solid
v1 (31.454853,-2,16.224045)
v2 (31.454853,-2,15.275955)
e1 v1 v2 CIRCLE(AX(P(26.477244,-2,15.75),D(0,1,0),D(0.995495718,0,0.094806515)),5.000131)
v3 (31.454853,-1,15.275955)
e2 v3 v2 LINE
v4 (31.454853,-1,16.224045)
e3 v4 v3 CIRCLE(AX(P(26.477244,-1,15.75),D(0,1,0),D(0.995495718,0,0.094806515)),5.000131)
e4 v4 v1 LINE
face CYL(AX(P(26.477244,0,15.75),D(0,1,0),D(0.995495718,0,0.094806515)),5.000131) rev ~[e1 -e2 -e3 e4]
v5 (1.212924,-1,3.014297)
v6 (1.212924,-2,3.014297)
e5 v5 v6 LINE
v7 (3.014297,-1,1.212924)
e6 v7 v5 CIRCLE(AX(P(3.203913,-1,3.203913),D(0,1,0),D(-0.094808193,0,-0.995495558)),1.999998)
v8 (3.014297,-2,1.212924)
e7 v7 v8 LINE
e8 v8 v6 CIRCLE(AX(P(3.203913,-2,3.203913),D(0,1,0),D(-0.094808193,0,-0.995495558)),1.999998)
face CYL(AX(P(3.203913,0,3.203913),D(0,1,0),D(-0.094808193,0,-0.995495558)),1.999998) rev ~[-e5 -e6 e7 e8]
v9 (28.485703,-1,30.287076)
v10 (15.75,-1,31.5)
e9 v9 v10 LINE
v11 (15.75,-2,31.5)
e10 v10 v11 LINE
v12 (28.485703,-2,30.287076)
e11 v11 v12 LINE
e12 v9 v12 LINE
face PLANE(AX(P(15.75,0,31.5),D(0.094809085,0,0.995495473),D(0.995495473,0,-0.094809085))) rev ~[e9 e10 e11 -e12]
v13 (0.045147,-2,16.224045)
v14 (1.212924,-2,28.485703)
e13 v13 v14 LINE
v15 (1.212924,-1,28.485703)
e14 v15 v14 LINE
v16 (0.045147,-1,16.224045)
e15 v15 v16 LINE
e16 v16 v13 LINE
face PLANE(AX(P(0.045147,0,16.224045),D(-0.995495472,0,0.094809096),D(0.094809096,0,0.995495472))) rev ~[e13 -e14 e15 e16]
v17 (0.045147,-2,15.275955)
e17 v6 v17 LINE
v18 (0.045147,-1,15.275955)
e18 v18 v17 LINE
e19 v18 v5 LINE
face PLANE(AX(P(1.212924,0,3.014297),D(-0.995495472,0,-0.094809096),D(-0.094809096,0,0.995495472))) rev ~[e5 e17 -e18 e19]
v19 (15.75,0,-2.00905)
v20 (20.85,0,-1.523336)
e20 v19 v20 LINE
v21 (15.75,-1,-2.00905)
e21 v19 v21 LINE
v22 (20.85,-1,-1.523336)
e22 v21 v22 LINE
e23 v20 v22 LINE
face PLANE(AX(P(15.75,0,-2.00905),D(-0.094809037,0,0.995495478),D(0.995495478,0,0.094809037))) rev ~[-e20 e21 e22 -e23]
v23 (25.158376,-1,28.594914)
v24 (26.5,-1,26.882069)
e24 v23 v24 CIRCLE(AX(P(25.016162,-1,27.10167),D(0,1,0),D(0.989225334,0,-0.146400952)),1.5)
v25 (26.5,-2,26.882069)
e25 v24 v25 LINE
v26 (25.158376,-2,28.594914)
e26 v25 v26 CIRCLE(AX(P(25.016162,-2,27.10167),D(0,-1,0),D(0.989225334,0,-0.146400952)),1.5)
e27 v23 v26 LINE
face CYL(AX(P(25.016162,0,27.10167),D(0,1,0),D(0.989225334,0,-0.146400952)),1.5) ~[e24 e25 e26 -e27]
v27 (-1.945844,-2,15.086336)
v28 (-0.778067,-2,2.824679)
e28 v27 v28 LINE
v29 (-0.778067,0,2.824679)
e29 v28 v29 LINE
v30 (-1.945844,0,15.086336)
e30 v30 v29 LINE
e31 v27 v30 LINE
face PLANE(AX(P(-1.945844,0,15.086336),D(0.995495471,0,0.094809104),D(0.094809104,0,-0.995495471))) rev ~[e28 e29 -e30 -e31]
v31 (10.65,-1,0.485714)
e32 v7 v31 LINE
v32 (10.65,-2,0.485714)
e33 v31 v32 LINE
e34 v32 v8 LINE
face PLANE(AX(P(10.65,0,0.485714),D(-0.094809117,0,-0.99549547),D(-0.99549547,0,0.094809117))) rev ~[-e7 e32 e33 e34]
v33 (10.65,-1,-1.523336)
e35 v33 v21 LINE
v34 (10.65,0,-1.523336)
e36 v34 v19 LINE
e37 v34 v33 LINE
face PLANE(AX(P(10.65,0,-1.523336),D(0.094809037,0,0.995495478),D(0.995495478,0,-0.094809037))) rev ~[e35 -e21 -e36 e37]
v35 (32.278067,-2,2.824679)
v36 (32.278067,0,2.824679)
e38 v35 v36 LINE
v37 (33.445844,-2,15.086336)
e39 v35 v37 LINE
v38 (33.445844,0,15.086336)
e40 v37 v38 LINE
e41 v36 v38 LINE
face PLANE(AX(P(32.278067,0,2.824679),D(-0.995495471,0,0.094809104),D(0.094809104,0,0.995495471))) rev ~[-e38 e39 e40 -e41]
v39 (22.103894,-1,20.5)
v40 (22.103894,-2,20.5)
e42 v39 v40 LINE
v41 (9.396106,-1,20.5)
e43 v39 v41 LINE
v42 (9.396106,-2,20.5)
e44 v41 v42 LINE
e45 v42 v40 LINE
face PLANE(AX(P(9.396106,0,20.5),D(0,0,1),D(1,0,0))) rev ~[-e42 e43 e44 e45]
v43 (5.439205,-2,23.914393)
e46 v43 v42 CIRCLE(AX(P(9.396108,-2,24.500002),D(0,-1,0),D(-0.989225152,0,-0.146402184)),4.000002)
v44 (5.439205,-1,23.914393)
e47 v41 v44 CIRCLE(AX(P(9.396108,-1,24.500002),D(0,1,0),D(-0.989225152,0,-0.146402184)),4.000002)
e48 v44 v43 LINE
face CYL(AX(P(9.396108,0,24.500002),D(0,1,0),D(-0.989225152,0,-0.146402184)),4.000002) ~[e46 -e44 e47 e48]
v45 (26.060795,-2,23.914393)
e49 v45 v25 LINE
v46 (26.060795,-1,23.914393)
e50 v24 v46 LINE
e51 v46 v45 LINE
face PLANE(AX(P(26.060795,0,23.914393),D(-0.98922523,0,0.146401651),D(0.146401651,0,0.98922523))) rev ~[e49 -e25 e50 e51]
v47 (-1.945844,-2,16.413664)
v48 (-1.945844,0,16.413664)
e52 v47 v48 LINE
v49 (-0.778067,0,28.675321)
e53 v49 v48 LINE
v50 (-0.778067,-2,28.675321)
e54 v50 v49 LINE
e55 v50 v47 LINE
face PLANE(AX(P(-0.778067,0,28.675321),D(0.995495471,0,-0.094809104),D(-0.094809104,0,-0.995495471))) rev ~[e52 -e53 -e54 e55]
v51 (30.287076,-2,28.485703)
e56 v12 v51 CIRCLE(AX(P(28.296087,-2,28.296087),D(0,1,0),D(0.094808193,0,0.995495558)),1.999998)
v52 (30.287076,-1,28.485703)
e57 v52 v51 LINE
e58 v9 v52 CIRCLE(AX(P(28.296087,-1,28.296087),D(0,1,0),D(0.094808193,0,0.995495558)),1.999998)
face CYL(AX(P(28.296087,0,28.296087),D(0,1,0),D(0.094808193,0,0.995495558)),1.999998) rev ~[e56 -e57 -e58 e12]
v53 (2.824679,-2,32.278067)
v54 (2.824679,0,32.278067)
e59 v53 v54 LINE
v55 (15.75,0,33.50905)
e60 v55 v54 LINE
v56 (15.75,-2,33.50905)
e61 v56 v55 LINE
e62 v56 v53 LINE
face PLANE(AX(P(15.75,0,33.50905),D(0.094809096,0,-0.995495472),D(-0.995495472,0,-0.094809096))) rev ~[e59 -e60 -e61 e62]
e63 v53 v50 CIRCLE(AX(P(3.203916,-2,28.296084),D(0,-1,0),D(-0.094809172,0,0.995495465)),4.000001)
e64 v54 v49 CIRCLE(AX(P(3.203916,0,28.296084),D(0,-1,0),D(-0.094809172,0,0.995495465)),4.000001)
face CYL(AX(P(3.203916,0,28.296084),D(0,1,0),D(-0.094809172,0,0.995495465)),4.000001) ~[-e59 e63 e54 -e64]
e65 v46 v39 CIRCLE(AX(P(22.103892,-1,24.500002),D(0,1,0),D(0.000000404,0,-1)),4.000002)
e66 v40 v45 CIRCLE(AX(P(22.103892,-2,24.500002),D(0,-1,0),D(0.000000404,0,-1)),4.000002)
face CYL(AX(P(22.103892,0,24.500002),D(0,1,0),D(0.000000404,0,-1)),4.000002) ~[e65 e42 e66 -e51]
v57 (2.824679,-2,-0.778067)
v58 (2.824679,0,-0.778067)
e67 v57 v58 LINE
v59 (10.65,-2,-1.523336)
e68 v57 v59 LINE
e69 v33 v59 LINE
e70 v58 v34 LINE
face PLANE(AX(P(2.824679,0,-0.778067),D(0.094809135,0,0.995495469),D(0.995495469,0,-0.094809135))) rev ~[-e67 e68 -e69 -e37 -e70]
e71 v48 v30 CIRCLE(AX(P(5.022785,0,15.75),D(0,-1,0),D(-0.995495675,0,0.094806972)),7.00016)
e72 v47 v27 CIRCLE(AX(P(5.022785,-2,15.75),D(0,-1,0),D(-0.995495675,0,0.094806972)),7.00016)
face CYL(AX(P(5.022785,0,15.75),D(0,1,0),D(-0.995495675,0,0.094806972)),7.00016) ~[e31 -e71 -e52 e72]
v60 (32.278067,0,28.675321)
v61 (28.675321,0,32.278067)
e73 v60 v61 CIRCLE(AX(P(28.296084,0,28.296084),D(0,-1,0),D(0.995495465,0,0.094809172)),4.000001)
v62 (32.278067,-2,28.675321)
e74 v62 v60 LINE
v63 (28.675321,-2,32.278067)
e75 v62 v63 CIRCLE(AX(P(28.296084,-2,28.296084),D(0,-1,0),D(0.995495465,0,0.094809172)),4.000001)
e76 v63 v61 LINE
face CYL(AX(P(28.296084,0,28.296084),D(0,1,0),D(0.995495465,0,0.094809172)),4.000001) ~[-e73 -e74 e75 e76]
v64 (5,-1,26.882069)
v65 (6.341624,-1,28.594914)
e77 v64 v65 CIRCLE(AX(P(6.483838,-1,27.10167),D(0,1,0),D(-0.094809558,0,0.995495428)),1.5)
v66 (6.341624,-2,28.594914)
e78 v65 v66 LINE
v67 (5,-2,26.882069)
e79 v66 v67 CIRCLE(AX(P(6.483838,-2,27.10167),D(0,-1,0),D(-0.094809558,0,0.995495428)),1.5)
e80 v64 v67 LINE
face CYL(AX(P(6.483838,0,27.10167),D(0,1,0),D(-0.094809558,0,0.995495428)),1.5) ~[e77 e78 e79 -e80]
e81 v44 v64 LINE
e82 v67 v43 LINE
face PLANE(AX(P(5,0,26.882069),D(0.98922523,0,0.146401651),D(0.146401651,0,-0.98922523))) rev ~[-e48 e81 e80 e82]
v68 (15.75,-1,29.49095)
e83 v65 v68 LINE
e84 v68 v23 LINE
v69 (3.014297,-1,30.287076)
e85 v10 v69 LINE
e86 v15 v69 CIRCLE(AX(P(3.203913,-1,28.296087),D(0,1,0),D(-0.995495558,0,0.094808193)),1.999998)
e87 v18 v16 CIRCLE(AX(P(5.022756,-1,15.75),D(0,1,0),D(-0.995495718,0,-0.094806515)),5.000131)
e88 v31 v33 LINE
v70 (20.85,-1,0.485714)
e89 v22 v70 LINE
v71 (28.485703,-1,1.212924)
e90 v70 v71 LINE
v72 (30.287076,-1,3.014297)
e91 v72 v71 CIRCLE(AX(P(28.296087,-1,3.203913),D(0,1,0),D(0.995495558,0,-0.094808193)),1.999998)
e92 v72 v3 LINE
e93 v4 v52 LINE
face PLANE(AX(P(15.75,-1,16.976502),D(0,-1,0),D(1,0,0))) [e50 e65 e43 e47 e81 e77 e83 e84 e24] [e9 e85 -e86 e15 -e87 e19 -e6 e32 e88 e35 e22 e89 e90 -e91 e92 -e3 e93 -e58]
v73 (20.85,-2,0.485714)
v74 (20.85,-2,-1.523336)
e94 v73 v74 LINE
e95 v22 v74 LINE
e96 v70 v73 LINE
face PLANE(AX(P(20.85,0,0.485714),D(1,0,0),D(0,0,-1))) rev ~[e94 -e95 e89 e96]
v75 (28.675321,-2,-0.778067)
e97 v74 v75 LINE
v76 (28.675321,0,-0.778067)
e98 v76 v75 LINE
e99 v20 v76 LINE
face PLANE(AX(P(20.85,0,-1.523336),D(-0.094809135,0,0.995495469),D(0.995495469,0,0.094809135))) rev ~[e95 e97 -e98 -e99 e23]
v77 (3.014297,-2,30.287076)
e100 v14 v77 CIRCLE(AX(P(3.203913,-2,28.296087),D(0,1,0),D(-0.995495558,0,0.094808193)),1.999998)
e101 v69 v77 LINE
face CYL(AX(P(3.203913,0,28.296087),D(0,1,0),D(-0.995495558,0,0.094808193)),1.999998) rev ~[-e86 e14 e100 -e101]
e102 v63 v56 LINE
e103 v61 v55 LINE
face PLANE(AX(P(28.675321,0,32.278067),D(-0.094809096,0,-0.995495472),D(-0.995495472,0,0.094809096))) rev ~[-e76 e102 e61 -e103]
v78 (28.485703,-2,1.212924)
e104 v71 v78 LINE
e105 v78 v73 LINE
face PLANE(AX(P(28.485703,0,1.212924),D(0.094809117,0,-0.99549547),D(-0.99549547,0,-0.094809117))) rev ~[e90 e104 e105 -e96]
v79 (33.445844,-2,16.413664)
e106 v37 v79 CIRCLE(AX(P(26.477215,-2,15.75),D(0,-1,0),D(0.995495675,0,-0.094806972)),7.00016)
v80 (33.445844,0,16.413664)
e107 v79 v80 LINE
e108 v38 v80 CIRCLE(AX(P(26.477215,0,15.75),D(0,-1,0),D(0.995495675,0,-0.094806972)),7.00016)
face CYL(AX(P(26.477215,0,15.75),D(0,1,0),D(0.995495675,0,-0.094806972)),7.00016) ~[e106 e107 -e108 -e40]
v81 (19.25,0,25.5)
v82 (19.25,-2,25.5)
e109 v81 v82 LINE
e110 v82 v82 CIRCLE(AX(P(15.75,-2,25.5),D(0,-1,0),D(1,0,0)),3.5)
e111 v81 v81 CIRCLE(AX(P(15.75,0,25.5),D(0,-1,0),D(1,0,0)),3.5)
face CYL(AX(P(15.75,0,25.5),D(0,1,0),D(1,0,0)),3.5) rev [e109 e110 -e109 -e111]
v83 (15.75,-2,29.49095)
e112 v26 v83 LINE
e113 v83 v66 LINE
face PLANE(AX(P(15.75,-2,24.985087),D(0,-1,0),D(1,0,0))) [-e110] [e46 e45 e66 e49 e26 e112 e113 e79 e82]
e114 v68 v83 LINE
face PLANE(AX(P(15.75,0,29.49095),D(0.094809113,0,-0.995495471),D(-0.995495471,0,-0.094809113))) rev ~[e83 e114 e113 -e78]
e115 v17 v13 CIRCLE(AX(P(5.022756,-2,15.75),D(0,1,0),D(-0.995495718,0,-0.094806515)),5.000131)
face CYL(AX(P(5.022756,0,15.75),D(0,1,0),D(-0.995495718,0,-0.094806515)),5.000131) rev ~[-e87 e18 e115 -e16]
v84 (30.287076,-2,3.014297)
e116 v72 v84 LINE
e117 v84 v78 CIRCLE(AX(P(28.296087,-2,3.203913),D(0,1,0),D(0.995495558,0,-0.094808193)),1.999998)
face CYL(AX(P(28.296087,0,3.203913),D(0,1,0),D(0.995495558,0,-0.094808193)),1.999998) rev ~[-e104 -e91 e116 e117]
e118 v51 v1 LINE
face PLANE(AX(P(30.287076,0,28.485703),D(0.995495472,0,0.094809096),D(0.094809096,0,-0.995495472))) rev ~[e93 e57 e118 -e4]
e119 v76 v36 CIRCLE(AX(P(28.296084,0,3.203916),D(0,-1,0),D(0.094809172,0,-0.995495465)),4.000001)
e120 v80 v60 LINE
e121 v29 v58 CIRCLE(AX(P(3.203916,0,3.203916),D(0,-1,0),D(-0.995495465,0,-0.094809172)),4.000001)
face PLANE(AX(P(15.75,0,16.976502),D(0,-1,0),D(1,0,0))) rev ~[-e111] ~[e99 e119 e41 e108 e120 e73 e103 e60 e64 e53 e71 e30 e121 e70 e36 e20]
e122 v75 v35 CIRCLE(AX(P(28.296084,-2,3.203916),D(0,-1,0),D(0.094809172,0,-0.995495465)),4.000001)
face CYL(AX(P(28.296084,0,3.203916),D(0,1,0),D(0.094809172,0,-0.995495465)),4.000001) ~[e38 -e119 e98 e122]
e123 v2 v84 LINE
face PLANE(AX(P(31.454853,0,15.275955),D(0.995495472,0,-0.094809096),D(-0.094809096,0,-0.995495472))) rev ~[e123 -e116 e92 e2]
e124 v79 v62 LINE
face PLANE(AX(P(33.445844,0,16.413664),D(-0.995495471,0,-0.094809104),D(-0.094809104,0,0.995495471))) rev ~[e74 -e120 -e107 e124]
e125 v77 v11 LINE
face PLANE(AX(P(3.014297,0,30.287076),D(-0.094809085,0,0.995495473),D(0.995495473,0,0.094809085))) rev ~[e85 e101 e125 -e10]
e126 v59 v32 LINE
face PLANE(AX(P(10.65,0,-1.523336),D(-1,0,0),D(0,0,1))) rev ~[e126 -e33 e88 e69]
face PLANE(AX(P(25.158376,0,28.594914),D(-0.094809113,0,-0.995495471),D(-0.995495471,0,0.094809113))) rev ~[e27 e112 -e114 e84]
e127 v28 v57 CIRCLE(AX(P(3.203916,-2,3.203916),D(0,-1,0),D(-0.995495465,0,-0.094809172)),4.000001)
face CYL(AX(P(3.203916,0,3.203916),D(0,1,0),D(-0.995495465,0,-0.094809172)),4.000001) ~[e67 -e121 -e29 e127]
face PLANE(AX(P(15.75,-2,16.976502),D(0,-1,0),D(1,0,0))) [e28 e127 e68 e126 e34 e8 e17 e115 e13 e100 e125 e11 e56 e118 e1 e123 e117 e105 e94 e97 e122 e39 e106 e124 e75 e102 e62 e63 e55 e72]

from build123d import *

# Parameters (mm, degrees)
F0_R     = 3.5
F1_DEPTH = 1
F2_DEPTH = 2


with BuildPart() as f1:
    # F0 (on Front) → F1 (new body)
    with BuildSketch(Plane.XZ):
        with BuildLine():
            Line((3.014297, 30.287076), (15.75, 31.5))
            Line((15.75, 31.5), (28.485703, 30.287076))
            ThreePointArc((28.485703, 30.287076), (29.710299, 29.710299), (30.287076, 28.485703))
            Line((30.287076, 28.485703), (31.454853, 16.224045))
            ThreePointArc((31.454853, 16.224045), (31.477375, 15.75), (31.454853, 15.275955))
            Line((31.454853, 15.275955), (30.287076, 3.014297))
            ThreePointArc((30.287076, 3.014297), (29.710299, 1.789701), (28.485703, 1.212924))
            Line((28.485703, 1.212924), (20.85, 0.485714))
            Line((20.85, 0.485714), (20.85, -1.523336))
            Line((20.85, -1.523336), (28.675321, -0.778067))
            ThreePointArc((28.675321, -0.778067), (31.124512, 0.375488), (32.278067, 2.824679))
            Line((32.278067, 2.824679), (33.445844, 15.086336))
            ThreePointArc((33.445844, 15.086336), (33.477375, 15.75), (33.445844, 16.413664))
            Line((33.445844, 16.413664), (32.278067, 28.675321))
            ThreePointArc((32.278067, 28.675321), (31.124512, 31.124512), (28.675321, 32.278067))
            Line((28.675321, 32.278067), (15.75, 33.50905))
            Line((15.75, 33.50905), (2.824679, 32.278067))
            ThreePointArc((2.824679, 32.278067), (0.375488, 31.124512), (-0.778067, 28.675321))
            Line((-0.778067, 28.675321), (-1.945844, 16.413664))
            ThreePointArc((-1.945844, 16.413664), (-1.977375, 15.75), (-1.945844, 15.086336))
            Line((-1.945844, 15.086336), (-0.778067, 2.824679))
            ThreePointArc((-0.778067, 2.824679), (0.375488, 0.375488), (2.824679, -0.778067))
            Line((2.824679, -0.778067), (10.65, -1.523336))
            Line((10.65, -1.523336), (10.65, 0.485714))
            Line((10.65, 0.485714), (3.014297, 1.212924))
            ThreePointArc((3.014297, 1.212924), (1.789701, 1.789701), (1.212924, 3.014297))
            Line((1.212924, 3.014297), (0.045147, 15.275955))
            ThreePointArc((0.045147, 15.275955), (0.022625, 15.75), (0.045147, 16.224045))
            Line((0.045147, 16.224045), (1.212924, 28.485703))
            ThreePointArc((1.212924, 28.485703), (1.789701, 29.710299), (3.014297, 30.287076))
        make_face()
        with BuildLine():
            Line((28.485703, 30.287076), (15.75, 31.5))
            Line((15.75, 31.5), (3.014297, 30.287076))
            ThreePointArc((3.014297, 30.287076), (1.789701, 29.710299), (1.212924, 28.485703))
            Line((1.212924, 28.485703), (0.045147, 16.224045))
            ThreePointArc((0.045147, 16.224045), (0.022625, 15.75), (0.045147, 15.275955))
            Line((0.045147, 15.275955), (1.212924, 3.014297))
            ThreePointArc((1.212924, 3.014297), (1.789701, 1.789701), (3.014297, 1.212924))
            Line((3.014297, 1.212924), (10.65, 0.485714))
            Line((10.65, 0.485714), (15.75, 0))
            Line((15.75, 0), (20.85, 0.485714))
            Line((20.85, 0.485714), (28.485703, 1.212924))
            ThreePointArc((28.485703, 1.212924), (29.710299, 1.789701), (30.287076, 3.014297))
            Line((30.287076, 3.014297), (31.454853, 15.275955))
            ThreePointArc((31.454853, 15.275955), (31.477375, 15.75), (31.454853, 16.224045))
            Line((31.454853, 16.224045), (30.287076, 28.485703))
            ThreePointArc((30.287076, 28.485703), (29.710299, 29.710299), (28.485703, 30.287076))
        make_face()
        with BuildLine():
            Line((5.439205, 23.914393), (5, 26.882069))
            ThreePointArc((5, 26.882069), (5.302961, 28.026619), (6.341624, 28.594914))
            Line((6.341624, 28.594914), (15.75, 29.49095))
            Line((15.75, 29.49095), (25.158376, 28.594914))
            ThreePointArc((25.158376, 28.594914), (26.197039, 28.026619), (26.5, 26.882069))
            Line((26.5, 26.882069), (26.060795, 23.914393))
            ThreePointArc((26.060795, 23.914393), (24.717088, 21.471599), (22.103894, 20.5))
            Line((22.103894, 20.5), (15.75, 20.5))
            Line((15.75, 20.5), (9.396106, 20.5))
            ThreePointArc((9.396106, 20.5), (6.782912, 21.471599), (5.439205, 23.914393))
        make_face(mode=Mode.SUBTRACT)
        with BuildLine():
            ThreePointArc((6.341624, 28.594914), (5.302961, 28.026619), (5, 26.882069))
            Line((5, 26.882069), (5.439205, 23.914393))
            ThreePointArc((5.439205, 23.914393), (6.782912, 21.471599), (9.396106, 20.5))
            Line((9.396106, 20.5), (15.75, 20.5))
            Line((15.75, 20.5), (22.103894, 20.5))
            ThreePointArc((22.103894, 20.5), (24.717088, 21.471599), (26.060795, 23.914393))
            Line((26.060795, 23.914393), (26.5, 26.882069))
            ThreePointArc((26.5, 26.882069), (26.197039, 28.026619), (25.158376, 28.594914))
            Line((25.158376, 28.594914), (15.75, 29.49095))
            Line((15.75, 29.49095), (6.341624, 28.594914))
        make_face()
        with Locations((15.75, 25.5)):
            Circle(F0_R, mode=Mode.SUBTRACT)
        Polygon((15.75, 0), (10.65, 0.485714), (10.65, -1.523336), (15.75, -2.00905), (20.85, -1.523336), (20.85, 0.485714), align=None)
    extrude(amount=F1_DEPTH)

    # F0 (on Front) → F2 (join)
    with BuildSketch(Plane.XZ):
        with BuildLine():
            ThreePointArc((6.341624, 28.594914), (5.302961, 28.026619), (5, 26.882069))
            Line((5, 26.882069), (5.439205, 23.914393))
            ThreePointArc((5.439205, 23.914393), (6.782912, 21.471599), (9.396106, 20.5))
            Line((9.396106, 20.5), (15.75, 20.5))
            Line((15.75, 20.5), (22.103894, 20.5))
            ThreePointArc((22.103894, 20.5), (24.717088, 21.471599), (26.060795, 23.914393))
            Line((26.060795, 23.914393), (26.5, 26.882069))
            ThreePointArc((26.5, 26.882069), (26.197039, 28.026619), (25.158376, 28.594914))
            Line((25.158376, 28.594914), (15.75, 29.49095))
            Line((15.75, 29.49095), (6.341624, 28.594914))
        make_face()
        with Locations((15.75, 25.5)):
            Circle(F0_R, mode=Mode.SUBTRACT)
        with BuildLine():
            Line((3.014297, 30.287076), (15.75, 31.5))
            Line((15.75, 31.5), (28.485703, 30.287076))
            ThreePointArc((28.485703, 30.287076), (29.710299, 29.710299), (30.287076, 28.485703))
            Line((30.287076, 28.485703), (31.454853, 16.224045))
            ThreePointArc((31.454853, 16.224045), (31.477375, 15.75), (31.454853, 15.275955))
            Line((31.454853, 15.275955), (30.287076, 3.014297))
            ThreePointArc((30.287076, 3.014297), (29.710299, 1.789701), (28.485703, 1.212924))
            Line((28.485703, 1.212924), (20.85, 0.485714))
            Line((20.85, 0.485714), (20.85, -1.523336))
            Line((20.85, -1.523336), (28.675321, -0.778067))
            ThreePointArc((28.675321, -0.778067), (31.124512, 0.375488), (32.278067, 2.824679))
            Line((32.278067, 2.824679), (33.445844, 15.086336))
            ThreePointArc((33.445844, 15.086336), (33.477375, 15.75), (33.445844, 16.413664))
            Line((33.445844, 16.413664), (32.278067, 28.675321))
            ThreePointArc((32.278067, 28.675321), (31.124512, 31.124512), (28.675321, 32.278067))
            Line((28.675321, 32.278067), (15.75, 33.50905))
            Line((15.75, 33.50905), (2.824679, 32.278067))
            ThreePointArc((2.824679, 32.278067), (0.375488, 31.124512), (-0.778067, 28.675321))
            Line((-0.778067, 28.675321), (-1.945844, 16.413664))
            ThreePointArc((-1.945844, 16.413664), (-1.977375, 15.75), (-1.945844, 15.086336))
            Line((-1.945844, 15.086336), (-0.778067, 2.824679))
            ThreePointArc((-0.778067, 2.824679), (0.375488, 0.375488), (2.824679, -0.778067))
            Line((2.824679, -0.778067), (10.65, -1.523336))
            Line((10.65, -1.523336), (10.65, 0.485714))
            Line((10.65, 0.485714), (3.014297, 1.212924))
            ThreePointArc((3.014297, 1.212924), (1.789701, 1.789701), (1.212924, 3.014297))
            Line((1.212924, 3.014297), (0.045147, 15.275955))
            ThreePointArc((0.045147, 15.275955), (0.022625, 15.75), (0.045147, 16.224045))
            Line((0.045147, 16.224045), (1.212924, 28.485703))
            ThreePointArc((1.212924, 28.485703), (1.789701, 29.710299), (3.014297, 30.287076))
        make_face()
    extrude(amount=F2_DEPTH)


solid = f1.part
